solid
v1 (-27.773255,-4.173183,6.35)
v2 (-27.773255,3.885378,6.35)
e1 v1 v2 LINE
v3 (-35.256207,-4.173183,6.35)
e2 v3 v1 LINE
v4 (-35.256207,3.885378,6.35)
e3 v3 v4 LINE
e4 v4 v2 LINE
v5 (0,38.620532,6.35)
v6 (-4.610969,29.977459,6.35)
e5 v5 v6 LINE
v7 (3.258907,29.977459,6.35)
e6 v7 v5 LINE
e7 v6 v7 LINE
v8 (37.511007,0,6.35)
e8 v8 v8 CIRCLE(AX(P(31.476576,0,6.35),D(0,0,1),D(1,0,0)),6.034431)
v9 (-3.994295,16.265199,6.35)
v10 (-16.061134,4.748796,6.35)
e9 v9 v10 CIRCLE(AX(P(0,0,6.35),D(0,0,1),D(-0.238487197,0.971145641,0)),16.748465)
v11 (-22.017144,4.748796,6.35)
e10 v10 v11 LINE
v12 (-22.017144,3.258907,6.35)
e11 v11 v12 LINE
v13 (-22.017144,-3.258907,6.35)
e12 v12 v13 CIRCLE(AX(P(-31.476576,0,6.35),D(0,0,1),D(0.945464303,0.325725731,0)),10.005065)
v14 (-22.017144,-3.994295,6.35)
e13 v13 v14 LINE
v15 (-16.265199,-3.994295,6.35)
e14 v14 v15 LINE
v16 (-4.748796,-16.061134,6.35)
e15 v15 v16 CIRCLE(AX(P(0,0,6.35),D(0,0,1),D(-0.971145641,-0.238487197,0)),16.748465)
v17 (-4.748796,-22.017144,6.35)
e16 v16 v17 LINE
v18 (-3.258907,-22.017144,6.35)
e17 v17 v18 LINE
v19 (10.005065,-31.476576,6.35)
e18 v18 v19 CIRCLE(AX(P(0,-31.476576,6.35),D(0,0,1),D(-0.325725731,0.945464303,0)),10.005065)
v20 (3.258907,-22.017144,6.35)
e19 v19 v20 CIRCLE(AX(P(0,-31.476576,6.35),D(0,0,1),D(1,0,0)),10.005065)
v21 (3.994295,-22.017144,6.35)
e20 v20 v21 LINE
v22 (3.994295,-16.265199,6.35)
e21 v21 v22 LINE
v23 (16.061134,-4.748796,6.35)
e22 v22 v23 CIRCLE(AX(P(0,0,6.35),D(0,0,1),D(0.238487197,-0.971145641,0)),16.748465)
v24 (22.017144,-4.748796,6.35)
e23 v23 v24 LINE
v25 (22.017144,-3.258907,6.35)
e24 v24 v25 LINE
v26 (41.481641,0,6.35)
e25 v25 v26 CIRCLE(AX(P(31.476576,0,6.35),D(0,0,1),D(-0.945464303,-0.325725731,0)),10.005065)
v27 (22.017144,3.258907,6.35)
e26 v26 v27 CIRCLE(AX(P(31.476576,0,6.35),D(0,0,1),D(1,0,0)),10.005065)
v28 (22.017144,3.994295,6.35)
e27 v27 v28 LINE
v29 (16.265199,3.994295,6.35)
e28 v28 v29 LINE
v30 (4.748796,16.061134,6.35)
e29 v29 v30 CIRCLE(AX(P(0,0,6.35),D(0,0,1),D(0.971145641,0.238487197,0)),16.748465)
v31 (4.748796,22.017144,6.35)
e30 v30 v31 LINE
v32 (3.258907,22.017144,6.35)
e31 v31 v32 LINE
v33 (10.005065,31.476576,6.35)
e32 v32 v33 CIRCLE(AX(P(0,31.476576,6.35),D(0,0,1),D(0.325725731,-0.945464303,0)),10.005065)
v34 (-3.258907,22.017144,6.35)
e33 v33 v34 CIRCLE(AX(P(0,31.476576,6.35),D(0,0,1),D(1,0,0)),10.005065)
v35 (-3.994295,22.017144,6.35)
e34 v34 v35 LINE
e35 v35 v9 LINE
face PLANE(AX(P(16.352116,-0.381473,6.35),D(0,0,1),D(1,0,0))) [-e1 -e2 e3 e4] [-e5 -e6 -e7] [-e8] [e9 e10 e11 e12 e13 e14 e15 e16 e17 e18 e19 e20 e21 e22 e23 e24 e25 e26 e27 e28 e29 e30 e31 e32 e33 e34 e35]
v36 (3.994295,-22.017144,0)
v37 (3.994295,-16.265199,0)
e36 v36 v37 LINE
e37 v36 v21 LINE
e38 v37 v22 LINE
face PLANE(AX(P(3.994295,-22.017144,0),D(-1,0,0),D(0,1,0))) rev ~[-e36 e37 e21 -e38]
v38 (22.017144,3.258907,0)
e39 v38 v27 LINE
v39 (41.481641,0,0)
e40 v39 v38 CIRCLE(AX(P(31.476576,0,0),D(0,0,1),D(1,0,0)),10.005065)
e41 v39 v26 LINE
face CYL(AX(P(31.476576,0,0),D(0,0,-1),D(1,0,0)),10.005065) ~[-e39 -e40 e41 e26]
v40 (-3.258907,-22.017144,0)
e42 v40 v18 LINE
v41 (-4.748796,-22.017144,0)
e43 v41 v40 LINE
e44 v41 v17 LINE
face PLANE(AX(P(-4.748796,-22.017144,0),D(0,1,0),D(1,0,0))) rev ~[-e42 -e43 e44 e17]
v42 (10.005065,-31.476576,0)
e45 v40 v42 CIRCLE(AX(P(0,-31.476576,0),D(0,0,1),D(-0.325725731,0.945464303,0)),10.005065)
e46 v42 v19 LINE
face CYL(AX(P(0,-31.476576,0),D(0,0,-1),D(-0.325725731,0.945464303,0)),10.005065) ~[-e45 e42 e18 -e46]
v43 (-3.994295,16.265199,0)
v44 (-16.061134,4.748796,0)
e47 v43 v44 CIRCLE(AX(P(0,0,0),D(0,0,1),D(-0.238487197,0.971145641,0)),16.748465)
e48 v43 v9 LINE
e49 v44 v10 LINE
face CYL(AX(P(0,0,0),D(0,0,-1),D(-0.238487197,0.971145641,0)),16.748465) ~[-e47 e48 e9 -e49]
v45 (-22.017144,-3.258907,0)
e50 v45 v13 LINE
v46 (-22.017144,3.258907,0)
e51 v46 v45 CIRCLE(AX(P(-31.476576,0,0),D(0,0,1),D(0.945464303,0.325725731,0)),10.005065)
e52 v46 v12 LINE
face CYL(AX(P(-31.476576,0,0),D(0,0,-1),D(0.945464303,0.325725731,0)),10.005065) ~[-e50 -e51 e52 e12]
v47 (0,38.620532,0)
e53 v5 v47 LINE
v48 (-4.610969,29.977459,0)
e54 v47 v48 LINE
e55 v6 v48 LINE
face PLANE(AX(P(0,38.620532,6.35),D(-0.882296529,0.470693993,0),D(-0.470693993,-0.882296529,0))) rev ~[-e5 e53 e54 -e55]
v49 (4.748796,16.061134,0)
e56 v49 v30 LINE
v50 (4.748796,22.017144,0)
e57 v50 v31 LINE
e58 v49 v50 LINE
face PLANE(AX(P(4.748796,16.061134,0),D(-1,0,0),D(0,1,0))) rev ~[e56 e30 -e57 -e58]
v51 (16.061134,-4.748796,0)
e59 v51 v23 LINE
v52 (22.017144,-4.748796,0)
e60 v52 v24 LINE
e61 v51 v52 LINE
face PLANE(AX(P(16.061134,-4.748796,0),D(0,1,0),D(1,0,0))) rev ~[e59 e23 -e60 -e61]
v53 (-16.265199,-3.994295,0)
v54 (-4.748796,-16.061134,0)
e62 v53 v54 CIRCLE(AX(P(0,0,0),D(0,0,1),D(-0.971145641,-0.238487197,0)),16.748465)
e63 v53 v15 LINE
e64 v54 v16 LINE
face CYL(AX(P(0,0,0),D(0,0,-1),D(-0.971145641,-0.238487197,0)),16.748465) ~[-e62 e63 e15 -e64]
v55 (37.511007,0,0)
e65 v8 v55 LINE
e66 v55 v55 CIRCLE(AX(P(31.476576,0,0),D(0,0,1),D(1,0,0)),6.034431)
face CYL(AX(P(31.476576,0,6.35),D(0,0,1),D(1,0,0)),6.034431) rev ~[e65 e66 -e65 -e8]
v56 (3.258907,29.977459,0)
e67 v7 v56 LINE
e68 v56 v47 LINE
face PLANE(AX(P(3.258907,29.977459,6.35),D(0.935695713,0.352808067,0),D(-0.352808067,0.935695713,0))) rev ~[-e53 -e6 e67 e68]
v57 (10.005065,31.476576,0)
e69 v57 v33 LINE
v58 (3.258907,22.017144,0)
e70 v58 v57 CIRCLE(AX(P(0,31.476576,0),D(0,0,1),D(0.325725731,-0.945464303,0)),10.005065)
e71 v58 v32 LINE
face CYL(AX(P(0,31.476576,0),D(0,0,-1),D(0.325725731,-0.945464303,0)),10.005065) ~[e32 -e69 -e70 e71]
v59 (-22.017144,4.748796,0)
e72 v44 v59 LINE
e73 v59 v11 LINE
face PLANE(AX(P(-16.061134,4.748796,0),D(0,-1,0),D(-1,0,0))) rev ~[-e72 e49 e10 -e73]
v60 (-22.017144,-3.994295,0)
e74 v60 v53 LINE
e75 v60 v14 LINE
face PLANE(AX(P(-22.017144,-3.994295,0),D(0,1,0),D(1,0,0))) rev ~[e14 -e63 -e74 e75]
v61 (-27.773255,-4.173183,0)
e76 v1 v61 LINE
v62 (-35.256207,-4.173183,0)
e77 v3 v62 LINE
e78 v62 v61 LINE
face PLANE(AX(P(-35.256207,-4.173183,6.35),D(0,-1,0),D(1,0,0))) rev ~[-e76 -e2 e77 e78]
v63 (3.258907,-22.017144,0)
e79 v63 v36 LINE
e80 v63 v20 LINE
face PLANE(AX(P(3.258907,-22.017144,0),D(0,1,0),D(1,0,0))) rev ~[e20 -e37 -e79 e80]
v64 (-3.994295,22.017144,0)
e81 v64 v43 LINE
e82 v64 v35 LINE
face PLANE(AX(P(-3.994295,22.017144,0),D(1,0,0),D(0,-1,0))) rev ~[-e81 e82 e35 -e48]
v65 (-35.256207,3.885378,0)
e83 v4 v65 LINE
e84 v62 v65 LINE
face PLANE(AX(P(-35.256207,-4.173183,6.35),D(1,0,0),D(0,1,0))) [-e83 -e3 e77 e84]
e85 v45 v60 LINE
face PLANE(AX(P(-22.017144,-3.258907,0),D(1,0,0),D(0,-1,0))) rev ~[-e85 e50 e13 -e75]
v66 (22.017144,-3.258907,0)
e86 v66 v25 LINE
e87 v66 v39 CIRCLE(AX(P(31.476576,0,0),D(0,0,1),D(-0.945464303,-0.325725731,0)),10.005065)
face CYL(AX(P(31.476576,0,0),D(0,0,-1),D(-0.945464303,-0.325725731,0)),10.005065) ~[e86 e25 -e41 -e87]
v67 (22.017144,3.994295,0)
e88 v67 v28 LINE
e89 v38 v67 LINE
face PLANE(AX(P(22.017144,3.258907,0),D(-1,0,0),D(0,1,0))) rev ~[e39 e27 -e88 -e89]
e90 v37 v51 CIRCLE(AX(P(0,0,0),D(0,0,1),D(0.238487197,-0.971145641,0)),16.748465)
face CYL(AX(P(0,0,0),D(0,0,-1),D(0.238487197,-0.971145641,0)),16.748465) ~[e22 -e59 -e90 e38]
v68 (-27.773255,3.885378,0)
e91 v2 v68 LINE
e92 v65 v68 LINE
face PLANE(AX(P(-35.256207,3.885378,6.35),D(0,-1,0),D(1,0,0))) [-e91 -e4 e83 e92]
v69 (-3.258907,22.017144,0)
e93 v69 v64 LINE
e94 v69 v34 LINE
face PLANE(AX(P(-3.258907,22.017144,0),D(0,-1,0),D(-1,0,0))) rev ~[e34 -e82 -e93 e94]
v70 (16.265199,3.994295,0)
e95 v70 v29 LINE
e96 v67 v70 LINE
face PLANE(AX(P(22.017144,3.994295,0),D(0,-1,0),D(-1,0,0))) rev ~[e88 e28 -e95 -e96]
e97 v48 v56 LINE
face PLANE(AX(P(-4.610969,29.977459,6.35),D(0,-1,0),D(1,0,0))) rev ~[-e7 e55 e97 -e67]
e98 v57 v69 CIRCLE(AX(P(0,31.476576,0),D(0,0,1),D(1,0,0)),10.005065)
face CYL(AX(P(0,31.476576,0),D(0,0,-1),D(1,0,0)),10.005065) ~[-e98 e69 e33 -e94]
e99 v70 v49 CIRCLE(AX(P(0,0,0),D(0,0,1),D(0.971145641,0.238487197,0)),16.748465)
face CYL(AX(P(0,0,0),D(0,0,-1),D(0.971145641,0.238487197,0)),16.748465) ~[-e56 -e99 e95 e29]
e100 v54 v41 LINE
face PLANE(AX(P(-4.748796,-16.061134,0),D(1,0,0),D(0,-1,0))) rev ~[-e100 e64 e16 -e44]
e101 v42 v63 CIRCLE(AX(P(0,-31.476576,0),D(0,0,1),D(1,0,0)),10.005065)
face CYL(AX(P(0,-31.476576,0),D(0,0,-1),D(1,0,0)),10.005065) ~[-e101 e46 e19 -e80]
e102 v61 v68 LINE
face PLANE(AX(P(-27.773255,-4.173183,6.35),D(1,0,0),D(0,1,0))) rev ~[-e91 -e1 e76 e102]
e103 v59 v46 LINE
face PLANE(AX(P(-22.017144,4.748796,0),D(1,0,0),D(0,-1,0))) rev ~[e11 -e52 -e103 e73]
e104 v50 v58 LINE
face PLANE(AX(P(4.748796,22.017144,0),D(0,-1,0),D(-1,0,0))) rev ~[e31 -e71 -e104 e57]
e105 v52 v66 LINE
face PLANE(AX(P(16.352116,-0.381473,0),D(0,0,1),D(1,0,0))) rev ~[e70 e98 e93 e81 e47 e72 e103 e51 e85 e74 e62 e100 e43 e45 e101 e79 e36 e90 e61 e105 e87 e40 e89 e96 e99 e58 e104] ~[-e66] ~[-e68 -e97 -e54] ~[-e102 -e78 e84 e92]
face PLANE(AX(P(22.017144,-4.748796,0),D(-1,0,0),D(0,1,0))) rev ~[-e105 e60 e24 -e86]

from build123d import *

# Parameters (mm, degrees)
F1_DEPTH = 6.35
F2_W     = 7.482951507
F2_H     = 8.058561245
F3_DEPTH = 59.436
F2_R     = 6.0344313248
F4_DEPTH = 108.458


with BuildPart() as f1:
    # F0 (on Top) → F1 (new body)
    with BuildSketch(Plane.XY):
        with BuildLine():
            ThreePointArc((16.061134272, -4.7487956472), (16.5757420089, -2.3991396488), (16.7484654282, 0))
            ThreePointArc((16.7484654282, 0), (16.627209939, 2.0117116707), (16.2651992014, 3.9942945733))
            Line((16.2651992014, 3.9942945733), (16.061134272, -4.7487956472))
        make_face()
        with BuildLine():
            ThreePointArc((16.2651992014, 3.9942945733), (16.627209939, 2.0117116707), (16.7484654282, 0))
            ThreePointArc((16.7484654282, 0), (16.5757420089, -2.3991396488), (16.061134272, -4.7487956472))
            Line((16.061134272, -4.7487956472), (22.0171436027, -4.7487956472))
            Line((22.0171436027, -4.7487956472), (22.0171436027, -3.2589072692))
            ThreePointArc((22.0171436027, -3.2589072692), (21.4715103831, 0), (22.0171436027, 3.2589072692))
            Line((22.0171436027, 3.2589072692), (22.0171436027, 3.9942945733))
            Line((22.0171436027, 3.9942945733), (16.2651992014, 3.9942945733))
        make_face()
        with BuildLine():
            Line((16.061134272, -4.7487956472), (16.2651992014, 3.9942945733))
            ThreePointArc((16.2651992014, 3.9942945733), (12.1160699054, 11.5633880956), (4.7487956472, 16.061134272))
            Line((4.7487956472, 16.061134272), (-3.9942945733, 16.2651992014))
            ThreePointArc((-3.9942945733, 16.2651992014), (-11.5633880956, 12.1160699054), (-16.061134272, 4.7487956472))
            Line((-16.061134272, 4.7487956472), (-16.2651992014, -3.9942945733))
            ThreePointArc((-16.2651992014, -3.9942945733), (-12.1160699054, -11.5633880956), (-4.7487956472, -16.061134272))
            Line((-4.7487956472, -16.061134272), (3.9942945733, -16.2651992014))
            ThreePointArc((3.9942945733, -16.2651992014), (11.5633880956, -12.1160699054), (16.061134272, -4.7487956472))
        make_face()
        with BuildLine():
            Line((-3.9942945733, 16.2651992014), (4.7487956472, 16.061134272))
            ThreePointArc((4.7487956472, 16.061134272), (0.3908050556, 16.7439053273), (-3.9942945733, 16.2651992014))
        make_face()
        with BuildLine():
            ThreePointArc((-3.9942945733, 16.2651992014), (0.3908050556, 16.7439053273), (4.7487956472, 16.061134272))
            Line((4.7487956472, 16.061134272), (4.7487956472, 22.0171436027))
            Line((4.7487956472, 22.0171436027), (3.2589072692, 22.0171436027))
            ThreePointArc((3.2589072692, 22.0171436027), (0, 21.4715103831), (-3.2589072692, 22.0171436027))
            Line((-3.2589072692, 22.0171436027), (-3.9942945733, 22.0171436027))
            Line((-3.9942945733, 22.0171436027), (-3.9942945733, 16.2651992014))
        make_face()
        with BuildLine():
            Line((3.9942945733, -22.0171436027), (3.9942945733, -16.2651992014))
            ThreePointArc((3.9942945733, -16.2651992014), (-0.3908050556, -16.7439053273), (-4.7487956472, -16.061134272))
            Line((-4.7487956472, -16.061134272), (-4.7487956472, -22.0171436027))
            Line((-4.7487956472, -22.0171436027), (-3.2589072692, -22.0171436027))
            ThreePointArc((-3.2589072692, -22.0171436027), (0, -21.4715103831), (3.2589072692, -22.0171436027))
            Line((3.2589072692, -22.0171436027), (3.9942945733, -22.0171436027))
        make_face()
        with BuildLine():
            ThreePointArc((-4.7487956472, -16.061134272), (-0.3908050556, -16.7439053273), (3.9942945733, -16.2651992014))
            Line((3.9942945733, -16.2651992014), (-4.7487956472, -16.061134272))
        make_face()
        with BuildLine():
            ThreePointArc((41.4816413794, 0), (33.1287102734, 9.8677144047), (22.0171436027, 3.2589072692))
            Line((22.0171436027, 3.2589072692), (22.0171436027, -3.2589072692))
            ThreePointArc((22.0171436027, -3.2589072692), (33.1287102734, -9.8677144047), (41.4816413794, 0))
        make_face()
        with BuildLine():
            Line((22.0171436027, -3.2589072692), (22.0171436027, 3.2589072692))
            ThreePointArc((22.0171436027, 3.2589072692), (21.4715103831, 0), (22.0171436027, -3.2589072692))
        make_face()
        with BuildLine():
            Line((-16.2651992014, -3.9942945733), (-16.061134272, 4.7487956472))
            ThreePointArc((-16.061134272, 4.7487956472), (-16.7439053273, 0.3908050556), (-16.2651992014, -3.9942945733))
        make_face()
        with BuildLine():
            ThreePointArc((-16.2651992014, -3.9942945733), (-16.7439053273, 0.3908050556), (-16.061134272, 4.7487956472))
            Line((-16.061134272, 4.7487956472), (-22.0171436027, 4.7487956472))
            Line((-22.0171436027, 4.7487956472), (-22.0171436027, 3.2589072692))
            ThreePointArc((-22.0171436027, 3.2589072692), (-21.6088614766, 1.6521343922), (-21.4715103831, 0))
            ThreePointArc((-21.4715103831, 0), (-21.6088614766, -1.6521343922), (-22.0171436027, -3.2589072692))
            Line((-22.0171436027, -3.2589072692), (-22.0171436027, -3.9942945733))
            Line((-22.0171436027, -3.9942945733), (-16.2651992014, -3.9942945733))
        make_face()
        with BuildLine():
            ThreePointArc((-3.2589072692, 22.0171436027), (0, 21.4715103831), (3.2589072692, 22.0171436027))
            Line((3.2589072692, 22.0171436027), (-3.2589072692, 22.0171436027))
        make_face()
        with BuildLine():
            Line((-3.2589072692, 22.0171436027), (3.2589072692, 22.0171436027))
            ThreePointArc((3.2589072692, 22.0171436027), (8.1457632025, 25.667283543), (10.0050654981, 31.4765758812))
            ThreePointArc((10.0050654981, 31.4765758812), (-5.8092923382, 39.6223390837), (-3.2589072692, 22.0171436027))
        make_face()
        with BuildLine():
            ThreePointArc((10.0050654981, -31.4765758812), (8.1457632025, -25.667283543), (3.2589072692, -22.0171436027))
            Line((3.2589072692, -22.0171436027), (-3.2589072692, -22.0171436027))
            ThreePointArc((-3.2589072692, -22.0171436027), (-5.8092923382, -39.6223390837), (10.0050654981, -31.4765758812))
        make_face()
        with BuildLine():
            Line((-3.2589072692, -22.0171436027), (3.2589072692, -22.0171436027))
            ThreePointArc((3.2589072692, -22.0171436027), (0, -21.4715103831), (-3.2589072692, -22.0171436027))
        make_face()
        with BuildLine():
            ThreePointArc((-21.4715103831, 0), (-21.6088614766, 1.6521343922), (-22.0171436027, 3.2589072692))
            Line((-22.0171436027, 3.2589072692), (-22.0171436027, -3.2589072692))
            ThreePointArc((-22.0171436027, -3.2589072692), (-21.6088614766, -1.6521343922), (-21.4715103831, 0))
        make_face()
        with BuildLine():
            Line((-22.0171436027, -3.2589072692), (-22.0171436027, 3.2589072692))
            ThreePointArc((-22.0171436027, 3.2589072692), (-41.4816413794, 0), (-22.0171436027, -3.2589072692))
        make_face()
    extrude(amount=F1_DEPTH)

    # F2 (on face) → F3 (cut)
    with BuildSketch(Plane.XY.offset(6.35)):
        with Locations((-31.5147312358, -0.1439027255)):
            Rectangle(F2_W, F2_H)
    extrude(amount=-F3_DEPTH, mode=Mode.SUBTRACT)

    # F2 (on face) → F4 (cut)
    with BuildSketch(Plane.XY.offset(6.35)):
        with Locations((31.4765758812, 0)):
            Circle(F2_R)
        Polygon((3.2589072692, 29.9774594605), (0, 38.620531559), (-4.6109691992, 29.9774594605), align=None)
    extrude(amount=-F4_DEPTH, mode=Mode.SUBTRACT)


solid = f1.part
